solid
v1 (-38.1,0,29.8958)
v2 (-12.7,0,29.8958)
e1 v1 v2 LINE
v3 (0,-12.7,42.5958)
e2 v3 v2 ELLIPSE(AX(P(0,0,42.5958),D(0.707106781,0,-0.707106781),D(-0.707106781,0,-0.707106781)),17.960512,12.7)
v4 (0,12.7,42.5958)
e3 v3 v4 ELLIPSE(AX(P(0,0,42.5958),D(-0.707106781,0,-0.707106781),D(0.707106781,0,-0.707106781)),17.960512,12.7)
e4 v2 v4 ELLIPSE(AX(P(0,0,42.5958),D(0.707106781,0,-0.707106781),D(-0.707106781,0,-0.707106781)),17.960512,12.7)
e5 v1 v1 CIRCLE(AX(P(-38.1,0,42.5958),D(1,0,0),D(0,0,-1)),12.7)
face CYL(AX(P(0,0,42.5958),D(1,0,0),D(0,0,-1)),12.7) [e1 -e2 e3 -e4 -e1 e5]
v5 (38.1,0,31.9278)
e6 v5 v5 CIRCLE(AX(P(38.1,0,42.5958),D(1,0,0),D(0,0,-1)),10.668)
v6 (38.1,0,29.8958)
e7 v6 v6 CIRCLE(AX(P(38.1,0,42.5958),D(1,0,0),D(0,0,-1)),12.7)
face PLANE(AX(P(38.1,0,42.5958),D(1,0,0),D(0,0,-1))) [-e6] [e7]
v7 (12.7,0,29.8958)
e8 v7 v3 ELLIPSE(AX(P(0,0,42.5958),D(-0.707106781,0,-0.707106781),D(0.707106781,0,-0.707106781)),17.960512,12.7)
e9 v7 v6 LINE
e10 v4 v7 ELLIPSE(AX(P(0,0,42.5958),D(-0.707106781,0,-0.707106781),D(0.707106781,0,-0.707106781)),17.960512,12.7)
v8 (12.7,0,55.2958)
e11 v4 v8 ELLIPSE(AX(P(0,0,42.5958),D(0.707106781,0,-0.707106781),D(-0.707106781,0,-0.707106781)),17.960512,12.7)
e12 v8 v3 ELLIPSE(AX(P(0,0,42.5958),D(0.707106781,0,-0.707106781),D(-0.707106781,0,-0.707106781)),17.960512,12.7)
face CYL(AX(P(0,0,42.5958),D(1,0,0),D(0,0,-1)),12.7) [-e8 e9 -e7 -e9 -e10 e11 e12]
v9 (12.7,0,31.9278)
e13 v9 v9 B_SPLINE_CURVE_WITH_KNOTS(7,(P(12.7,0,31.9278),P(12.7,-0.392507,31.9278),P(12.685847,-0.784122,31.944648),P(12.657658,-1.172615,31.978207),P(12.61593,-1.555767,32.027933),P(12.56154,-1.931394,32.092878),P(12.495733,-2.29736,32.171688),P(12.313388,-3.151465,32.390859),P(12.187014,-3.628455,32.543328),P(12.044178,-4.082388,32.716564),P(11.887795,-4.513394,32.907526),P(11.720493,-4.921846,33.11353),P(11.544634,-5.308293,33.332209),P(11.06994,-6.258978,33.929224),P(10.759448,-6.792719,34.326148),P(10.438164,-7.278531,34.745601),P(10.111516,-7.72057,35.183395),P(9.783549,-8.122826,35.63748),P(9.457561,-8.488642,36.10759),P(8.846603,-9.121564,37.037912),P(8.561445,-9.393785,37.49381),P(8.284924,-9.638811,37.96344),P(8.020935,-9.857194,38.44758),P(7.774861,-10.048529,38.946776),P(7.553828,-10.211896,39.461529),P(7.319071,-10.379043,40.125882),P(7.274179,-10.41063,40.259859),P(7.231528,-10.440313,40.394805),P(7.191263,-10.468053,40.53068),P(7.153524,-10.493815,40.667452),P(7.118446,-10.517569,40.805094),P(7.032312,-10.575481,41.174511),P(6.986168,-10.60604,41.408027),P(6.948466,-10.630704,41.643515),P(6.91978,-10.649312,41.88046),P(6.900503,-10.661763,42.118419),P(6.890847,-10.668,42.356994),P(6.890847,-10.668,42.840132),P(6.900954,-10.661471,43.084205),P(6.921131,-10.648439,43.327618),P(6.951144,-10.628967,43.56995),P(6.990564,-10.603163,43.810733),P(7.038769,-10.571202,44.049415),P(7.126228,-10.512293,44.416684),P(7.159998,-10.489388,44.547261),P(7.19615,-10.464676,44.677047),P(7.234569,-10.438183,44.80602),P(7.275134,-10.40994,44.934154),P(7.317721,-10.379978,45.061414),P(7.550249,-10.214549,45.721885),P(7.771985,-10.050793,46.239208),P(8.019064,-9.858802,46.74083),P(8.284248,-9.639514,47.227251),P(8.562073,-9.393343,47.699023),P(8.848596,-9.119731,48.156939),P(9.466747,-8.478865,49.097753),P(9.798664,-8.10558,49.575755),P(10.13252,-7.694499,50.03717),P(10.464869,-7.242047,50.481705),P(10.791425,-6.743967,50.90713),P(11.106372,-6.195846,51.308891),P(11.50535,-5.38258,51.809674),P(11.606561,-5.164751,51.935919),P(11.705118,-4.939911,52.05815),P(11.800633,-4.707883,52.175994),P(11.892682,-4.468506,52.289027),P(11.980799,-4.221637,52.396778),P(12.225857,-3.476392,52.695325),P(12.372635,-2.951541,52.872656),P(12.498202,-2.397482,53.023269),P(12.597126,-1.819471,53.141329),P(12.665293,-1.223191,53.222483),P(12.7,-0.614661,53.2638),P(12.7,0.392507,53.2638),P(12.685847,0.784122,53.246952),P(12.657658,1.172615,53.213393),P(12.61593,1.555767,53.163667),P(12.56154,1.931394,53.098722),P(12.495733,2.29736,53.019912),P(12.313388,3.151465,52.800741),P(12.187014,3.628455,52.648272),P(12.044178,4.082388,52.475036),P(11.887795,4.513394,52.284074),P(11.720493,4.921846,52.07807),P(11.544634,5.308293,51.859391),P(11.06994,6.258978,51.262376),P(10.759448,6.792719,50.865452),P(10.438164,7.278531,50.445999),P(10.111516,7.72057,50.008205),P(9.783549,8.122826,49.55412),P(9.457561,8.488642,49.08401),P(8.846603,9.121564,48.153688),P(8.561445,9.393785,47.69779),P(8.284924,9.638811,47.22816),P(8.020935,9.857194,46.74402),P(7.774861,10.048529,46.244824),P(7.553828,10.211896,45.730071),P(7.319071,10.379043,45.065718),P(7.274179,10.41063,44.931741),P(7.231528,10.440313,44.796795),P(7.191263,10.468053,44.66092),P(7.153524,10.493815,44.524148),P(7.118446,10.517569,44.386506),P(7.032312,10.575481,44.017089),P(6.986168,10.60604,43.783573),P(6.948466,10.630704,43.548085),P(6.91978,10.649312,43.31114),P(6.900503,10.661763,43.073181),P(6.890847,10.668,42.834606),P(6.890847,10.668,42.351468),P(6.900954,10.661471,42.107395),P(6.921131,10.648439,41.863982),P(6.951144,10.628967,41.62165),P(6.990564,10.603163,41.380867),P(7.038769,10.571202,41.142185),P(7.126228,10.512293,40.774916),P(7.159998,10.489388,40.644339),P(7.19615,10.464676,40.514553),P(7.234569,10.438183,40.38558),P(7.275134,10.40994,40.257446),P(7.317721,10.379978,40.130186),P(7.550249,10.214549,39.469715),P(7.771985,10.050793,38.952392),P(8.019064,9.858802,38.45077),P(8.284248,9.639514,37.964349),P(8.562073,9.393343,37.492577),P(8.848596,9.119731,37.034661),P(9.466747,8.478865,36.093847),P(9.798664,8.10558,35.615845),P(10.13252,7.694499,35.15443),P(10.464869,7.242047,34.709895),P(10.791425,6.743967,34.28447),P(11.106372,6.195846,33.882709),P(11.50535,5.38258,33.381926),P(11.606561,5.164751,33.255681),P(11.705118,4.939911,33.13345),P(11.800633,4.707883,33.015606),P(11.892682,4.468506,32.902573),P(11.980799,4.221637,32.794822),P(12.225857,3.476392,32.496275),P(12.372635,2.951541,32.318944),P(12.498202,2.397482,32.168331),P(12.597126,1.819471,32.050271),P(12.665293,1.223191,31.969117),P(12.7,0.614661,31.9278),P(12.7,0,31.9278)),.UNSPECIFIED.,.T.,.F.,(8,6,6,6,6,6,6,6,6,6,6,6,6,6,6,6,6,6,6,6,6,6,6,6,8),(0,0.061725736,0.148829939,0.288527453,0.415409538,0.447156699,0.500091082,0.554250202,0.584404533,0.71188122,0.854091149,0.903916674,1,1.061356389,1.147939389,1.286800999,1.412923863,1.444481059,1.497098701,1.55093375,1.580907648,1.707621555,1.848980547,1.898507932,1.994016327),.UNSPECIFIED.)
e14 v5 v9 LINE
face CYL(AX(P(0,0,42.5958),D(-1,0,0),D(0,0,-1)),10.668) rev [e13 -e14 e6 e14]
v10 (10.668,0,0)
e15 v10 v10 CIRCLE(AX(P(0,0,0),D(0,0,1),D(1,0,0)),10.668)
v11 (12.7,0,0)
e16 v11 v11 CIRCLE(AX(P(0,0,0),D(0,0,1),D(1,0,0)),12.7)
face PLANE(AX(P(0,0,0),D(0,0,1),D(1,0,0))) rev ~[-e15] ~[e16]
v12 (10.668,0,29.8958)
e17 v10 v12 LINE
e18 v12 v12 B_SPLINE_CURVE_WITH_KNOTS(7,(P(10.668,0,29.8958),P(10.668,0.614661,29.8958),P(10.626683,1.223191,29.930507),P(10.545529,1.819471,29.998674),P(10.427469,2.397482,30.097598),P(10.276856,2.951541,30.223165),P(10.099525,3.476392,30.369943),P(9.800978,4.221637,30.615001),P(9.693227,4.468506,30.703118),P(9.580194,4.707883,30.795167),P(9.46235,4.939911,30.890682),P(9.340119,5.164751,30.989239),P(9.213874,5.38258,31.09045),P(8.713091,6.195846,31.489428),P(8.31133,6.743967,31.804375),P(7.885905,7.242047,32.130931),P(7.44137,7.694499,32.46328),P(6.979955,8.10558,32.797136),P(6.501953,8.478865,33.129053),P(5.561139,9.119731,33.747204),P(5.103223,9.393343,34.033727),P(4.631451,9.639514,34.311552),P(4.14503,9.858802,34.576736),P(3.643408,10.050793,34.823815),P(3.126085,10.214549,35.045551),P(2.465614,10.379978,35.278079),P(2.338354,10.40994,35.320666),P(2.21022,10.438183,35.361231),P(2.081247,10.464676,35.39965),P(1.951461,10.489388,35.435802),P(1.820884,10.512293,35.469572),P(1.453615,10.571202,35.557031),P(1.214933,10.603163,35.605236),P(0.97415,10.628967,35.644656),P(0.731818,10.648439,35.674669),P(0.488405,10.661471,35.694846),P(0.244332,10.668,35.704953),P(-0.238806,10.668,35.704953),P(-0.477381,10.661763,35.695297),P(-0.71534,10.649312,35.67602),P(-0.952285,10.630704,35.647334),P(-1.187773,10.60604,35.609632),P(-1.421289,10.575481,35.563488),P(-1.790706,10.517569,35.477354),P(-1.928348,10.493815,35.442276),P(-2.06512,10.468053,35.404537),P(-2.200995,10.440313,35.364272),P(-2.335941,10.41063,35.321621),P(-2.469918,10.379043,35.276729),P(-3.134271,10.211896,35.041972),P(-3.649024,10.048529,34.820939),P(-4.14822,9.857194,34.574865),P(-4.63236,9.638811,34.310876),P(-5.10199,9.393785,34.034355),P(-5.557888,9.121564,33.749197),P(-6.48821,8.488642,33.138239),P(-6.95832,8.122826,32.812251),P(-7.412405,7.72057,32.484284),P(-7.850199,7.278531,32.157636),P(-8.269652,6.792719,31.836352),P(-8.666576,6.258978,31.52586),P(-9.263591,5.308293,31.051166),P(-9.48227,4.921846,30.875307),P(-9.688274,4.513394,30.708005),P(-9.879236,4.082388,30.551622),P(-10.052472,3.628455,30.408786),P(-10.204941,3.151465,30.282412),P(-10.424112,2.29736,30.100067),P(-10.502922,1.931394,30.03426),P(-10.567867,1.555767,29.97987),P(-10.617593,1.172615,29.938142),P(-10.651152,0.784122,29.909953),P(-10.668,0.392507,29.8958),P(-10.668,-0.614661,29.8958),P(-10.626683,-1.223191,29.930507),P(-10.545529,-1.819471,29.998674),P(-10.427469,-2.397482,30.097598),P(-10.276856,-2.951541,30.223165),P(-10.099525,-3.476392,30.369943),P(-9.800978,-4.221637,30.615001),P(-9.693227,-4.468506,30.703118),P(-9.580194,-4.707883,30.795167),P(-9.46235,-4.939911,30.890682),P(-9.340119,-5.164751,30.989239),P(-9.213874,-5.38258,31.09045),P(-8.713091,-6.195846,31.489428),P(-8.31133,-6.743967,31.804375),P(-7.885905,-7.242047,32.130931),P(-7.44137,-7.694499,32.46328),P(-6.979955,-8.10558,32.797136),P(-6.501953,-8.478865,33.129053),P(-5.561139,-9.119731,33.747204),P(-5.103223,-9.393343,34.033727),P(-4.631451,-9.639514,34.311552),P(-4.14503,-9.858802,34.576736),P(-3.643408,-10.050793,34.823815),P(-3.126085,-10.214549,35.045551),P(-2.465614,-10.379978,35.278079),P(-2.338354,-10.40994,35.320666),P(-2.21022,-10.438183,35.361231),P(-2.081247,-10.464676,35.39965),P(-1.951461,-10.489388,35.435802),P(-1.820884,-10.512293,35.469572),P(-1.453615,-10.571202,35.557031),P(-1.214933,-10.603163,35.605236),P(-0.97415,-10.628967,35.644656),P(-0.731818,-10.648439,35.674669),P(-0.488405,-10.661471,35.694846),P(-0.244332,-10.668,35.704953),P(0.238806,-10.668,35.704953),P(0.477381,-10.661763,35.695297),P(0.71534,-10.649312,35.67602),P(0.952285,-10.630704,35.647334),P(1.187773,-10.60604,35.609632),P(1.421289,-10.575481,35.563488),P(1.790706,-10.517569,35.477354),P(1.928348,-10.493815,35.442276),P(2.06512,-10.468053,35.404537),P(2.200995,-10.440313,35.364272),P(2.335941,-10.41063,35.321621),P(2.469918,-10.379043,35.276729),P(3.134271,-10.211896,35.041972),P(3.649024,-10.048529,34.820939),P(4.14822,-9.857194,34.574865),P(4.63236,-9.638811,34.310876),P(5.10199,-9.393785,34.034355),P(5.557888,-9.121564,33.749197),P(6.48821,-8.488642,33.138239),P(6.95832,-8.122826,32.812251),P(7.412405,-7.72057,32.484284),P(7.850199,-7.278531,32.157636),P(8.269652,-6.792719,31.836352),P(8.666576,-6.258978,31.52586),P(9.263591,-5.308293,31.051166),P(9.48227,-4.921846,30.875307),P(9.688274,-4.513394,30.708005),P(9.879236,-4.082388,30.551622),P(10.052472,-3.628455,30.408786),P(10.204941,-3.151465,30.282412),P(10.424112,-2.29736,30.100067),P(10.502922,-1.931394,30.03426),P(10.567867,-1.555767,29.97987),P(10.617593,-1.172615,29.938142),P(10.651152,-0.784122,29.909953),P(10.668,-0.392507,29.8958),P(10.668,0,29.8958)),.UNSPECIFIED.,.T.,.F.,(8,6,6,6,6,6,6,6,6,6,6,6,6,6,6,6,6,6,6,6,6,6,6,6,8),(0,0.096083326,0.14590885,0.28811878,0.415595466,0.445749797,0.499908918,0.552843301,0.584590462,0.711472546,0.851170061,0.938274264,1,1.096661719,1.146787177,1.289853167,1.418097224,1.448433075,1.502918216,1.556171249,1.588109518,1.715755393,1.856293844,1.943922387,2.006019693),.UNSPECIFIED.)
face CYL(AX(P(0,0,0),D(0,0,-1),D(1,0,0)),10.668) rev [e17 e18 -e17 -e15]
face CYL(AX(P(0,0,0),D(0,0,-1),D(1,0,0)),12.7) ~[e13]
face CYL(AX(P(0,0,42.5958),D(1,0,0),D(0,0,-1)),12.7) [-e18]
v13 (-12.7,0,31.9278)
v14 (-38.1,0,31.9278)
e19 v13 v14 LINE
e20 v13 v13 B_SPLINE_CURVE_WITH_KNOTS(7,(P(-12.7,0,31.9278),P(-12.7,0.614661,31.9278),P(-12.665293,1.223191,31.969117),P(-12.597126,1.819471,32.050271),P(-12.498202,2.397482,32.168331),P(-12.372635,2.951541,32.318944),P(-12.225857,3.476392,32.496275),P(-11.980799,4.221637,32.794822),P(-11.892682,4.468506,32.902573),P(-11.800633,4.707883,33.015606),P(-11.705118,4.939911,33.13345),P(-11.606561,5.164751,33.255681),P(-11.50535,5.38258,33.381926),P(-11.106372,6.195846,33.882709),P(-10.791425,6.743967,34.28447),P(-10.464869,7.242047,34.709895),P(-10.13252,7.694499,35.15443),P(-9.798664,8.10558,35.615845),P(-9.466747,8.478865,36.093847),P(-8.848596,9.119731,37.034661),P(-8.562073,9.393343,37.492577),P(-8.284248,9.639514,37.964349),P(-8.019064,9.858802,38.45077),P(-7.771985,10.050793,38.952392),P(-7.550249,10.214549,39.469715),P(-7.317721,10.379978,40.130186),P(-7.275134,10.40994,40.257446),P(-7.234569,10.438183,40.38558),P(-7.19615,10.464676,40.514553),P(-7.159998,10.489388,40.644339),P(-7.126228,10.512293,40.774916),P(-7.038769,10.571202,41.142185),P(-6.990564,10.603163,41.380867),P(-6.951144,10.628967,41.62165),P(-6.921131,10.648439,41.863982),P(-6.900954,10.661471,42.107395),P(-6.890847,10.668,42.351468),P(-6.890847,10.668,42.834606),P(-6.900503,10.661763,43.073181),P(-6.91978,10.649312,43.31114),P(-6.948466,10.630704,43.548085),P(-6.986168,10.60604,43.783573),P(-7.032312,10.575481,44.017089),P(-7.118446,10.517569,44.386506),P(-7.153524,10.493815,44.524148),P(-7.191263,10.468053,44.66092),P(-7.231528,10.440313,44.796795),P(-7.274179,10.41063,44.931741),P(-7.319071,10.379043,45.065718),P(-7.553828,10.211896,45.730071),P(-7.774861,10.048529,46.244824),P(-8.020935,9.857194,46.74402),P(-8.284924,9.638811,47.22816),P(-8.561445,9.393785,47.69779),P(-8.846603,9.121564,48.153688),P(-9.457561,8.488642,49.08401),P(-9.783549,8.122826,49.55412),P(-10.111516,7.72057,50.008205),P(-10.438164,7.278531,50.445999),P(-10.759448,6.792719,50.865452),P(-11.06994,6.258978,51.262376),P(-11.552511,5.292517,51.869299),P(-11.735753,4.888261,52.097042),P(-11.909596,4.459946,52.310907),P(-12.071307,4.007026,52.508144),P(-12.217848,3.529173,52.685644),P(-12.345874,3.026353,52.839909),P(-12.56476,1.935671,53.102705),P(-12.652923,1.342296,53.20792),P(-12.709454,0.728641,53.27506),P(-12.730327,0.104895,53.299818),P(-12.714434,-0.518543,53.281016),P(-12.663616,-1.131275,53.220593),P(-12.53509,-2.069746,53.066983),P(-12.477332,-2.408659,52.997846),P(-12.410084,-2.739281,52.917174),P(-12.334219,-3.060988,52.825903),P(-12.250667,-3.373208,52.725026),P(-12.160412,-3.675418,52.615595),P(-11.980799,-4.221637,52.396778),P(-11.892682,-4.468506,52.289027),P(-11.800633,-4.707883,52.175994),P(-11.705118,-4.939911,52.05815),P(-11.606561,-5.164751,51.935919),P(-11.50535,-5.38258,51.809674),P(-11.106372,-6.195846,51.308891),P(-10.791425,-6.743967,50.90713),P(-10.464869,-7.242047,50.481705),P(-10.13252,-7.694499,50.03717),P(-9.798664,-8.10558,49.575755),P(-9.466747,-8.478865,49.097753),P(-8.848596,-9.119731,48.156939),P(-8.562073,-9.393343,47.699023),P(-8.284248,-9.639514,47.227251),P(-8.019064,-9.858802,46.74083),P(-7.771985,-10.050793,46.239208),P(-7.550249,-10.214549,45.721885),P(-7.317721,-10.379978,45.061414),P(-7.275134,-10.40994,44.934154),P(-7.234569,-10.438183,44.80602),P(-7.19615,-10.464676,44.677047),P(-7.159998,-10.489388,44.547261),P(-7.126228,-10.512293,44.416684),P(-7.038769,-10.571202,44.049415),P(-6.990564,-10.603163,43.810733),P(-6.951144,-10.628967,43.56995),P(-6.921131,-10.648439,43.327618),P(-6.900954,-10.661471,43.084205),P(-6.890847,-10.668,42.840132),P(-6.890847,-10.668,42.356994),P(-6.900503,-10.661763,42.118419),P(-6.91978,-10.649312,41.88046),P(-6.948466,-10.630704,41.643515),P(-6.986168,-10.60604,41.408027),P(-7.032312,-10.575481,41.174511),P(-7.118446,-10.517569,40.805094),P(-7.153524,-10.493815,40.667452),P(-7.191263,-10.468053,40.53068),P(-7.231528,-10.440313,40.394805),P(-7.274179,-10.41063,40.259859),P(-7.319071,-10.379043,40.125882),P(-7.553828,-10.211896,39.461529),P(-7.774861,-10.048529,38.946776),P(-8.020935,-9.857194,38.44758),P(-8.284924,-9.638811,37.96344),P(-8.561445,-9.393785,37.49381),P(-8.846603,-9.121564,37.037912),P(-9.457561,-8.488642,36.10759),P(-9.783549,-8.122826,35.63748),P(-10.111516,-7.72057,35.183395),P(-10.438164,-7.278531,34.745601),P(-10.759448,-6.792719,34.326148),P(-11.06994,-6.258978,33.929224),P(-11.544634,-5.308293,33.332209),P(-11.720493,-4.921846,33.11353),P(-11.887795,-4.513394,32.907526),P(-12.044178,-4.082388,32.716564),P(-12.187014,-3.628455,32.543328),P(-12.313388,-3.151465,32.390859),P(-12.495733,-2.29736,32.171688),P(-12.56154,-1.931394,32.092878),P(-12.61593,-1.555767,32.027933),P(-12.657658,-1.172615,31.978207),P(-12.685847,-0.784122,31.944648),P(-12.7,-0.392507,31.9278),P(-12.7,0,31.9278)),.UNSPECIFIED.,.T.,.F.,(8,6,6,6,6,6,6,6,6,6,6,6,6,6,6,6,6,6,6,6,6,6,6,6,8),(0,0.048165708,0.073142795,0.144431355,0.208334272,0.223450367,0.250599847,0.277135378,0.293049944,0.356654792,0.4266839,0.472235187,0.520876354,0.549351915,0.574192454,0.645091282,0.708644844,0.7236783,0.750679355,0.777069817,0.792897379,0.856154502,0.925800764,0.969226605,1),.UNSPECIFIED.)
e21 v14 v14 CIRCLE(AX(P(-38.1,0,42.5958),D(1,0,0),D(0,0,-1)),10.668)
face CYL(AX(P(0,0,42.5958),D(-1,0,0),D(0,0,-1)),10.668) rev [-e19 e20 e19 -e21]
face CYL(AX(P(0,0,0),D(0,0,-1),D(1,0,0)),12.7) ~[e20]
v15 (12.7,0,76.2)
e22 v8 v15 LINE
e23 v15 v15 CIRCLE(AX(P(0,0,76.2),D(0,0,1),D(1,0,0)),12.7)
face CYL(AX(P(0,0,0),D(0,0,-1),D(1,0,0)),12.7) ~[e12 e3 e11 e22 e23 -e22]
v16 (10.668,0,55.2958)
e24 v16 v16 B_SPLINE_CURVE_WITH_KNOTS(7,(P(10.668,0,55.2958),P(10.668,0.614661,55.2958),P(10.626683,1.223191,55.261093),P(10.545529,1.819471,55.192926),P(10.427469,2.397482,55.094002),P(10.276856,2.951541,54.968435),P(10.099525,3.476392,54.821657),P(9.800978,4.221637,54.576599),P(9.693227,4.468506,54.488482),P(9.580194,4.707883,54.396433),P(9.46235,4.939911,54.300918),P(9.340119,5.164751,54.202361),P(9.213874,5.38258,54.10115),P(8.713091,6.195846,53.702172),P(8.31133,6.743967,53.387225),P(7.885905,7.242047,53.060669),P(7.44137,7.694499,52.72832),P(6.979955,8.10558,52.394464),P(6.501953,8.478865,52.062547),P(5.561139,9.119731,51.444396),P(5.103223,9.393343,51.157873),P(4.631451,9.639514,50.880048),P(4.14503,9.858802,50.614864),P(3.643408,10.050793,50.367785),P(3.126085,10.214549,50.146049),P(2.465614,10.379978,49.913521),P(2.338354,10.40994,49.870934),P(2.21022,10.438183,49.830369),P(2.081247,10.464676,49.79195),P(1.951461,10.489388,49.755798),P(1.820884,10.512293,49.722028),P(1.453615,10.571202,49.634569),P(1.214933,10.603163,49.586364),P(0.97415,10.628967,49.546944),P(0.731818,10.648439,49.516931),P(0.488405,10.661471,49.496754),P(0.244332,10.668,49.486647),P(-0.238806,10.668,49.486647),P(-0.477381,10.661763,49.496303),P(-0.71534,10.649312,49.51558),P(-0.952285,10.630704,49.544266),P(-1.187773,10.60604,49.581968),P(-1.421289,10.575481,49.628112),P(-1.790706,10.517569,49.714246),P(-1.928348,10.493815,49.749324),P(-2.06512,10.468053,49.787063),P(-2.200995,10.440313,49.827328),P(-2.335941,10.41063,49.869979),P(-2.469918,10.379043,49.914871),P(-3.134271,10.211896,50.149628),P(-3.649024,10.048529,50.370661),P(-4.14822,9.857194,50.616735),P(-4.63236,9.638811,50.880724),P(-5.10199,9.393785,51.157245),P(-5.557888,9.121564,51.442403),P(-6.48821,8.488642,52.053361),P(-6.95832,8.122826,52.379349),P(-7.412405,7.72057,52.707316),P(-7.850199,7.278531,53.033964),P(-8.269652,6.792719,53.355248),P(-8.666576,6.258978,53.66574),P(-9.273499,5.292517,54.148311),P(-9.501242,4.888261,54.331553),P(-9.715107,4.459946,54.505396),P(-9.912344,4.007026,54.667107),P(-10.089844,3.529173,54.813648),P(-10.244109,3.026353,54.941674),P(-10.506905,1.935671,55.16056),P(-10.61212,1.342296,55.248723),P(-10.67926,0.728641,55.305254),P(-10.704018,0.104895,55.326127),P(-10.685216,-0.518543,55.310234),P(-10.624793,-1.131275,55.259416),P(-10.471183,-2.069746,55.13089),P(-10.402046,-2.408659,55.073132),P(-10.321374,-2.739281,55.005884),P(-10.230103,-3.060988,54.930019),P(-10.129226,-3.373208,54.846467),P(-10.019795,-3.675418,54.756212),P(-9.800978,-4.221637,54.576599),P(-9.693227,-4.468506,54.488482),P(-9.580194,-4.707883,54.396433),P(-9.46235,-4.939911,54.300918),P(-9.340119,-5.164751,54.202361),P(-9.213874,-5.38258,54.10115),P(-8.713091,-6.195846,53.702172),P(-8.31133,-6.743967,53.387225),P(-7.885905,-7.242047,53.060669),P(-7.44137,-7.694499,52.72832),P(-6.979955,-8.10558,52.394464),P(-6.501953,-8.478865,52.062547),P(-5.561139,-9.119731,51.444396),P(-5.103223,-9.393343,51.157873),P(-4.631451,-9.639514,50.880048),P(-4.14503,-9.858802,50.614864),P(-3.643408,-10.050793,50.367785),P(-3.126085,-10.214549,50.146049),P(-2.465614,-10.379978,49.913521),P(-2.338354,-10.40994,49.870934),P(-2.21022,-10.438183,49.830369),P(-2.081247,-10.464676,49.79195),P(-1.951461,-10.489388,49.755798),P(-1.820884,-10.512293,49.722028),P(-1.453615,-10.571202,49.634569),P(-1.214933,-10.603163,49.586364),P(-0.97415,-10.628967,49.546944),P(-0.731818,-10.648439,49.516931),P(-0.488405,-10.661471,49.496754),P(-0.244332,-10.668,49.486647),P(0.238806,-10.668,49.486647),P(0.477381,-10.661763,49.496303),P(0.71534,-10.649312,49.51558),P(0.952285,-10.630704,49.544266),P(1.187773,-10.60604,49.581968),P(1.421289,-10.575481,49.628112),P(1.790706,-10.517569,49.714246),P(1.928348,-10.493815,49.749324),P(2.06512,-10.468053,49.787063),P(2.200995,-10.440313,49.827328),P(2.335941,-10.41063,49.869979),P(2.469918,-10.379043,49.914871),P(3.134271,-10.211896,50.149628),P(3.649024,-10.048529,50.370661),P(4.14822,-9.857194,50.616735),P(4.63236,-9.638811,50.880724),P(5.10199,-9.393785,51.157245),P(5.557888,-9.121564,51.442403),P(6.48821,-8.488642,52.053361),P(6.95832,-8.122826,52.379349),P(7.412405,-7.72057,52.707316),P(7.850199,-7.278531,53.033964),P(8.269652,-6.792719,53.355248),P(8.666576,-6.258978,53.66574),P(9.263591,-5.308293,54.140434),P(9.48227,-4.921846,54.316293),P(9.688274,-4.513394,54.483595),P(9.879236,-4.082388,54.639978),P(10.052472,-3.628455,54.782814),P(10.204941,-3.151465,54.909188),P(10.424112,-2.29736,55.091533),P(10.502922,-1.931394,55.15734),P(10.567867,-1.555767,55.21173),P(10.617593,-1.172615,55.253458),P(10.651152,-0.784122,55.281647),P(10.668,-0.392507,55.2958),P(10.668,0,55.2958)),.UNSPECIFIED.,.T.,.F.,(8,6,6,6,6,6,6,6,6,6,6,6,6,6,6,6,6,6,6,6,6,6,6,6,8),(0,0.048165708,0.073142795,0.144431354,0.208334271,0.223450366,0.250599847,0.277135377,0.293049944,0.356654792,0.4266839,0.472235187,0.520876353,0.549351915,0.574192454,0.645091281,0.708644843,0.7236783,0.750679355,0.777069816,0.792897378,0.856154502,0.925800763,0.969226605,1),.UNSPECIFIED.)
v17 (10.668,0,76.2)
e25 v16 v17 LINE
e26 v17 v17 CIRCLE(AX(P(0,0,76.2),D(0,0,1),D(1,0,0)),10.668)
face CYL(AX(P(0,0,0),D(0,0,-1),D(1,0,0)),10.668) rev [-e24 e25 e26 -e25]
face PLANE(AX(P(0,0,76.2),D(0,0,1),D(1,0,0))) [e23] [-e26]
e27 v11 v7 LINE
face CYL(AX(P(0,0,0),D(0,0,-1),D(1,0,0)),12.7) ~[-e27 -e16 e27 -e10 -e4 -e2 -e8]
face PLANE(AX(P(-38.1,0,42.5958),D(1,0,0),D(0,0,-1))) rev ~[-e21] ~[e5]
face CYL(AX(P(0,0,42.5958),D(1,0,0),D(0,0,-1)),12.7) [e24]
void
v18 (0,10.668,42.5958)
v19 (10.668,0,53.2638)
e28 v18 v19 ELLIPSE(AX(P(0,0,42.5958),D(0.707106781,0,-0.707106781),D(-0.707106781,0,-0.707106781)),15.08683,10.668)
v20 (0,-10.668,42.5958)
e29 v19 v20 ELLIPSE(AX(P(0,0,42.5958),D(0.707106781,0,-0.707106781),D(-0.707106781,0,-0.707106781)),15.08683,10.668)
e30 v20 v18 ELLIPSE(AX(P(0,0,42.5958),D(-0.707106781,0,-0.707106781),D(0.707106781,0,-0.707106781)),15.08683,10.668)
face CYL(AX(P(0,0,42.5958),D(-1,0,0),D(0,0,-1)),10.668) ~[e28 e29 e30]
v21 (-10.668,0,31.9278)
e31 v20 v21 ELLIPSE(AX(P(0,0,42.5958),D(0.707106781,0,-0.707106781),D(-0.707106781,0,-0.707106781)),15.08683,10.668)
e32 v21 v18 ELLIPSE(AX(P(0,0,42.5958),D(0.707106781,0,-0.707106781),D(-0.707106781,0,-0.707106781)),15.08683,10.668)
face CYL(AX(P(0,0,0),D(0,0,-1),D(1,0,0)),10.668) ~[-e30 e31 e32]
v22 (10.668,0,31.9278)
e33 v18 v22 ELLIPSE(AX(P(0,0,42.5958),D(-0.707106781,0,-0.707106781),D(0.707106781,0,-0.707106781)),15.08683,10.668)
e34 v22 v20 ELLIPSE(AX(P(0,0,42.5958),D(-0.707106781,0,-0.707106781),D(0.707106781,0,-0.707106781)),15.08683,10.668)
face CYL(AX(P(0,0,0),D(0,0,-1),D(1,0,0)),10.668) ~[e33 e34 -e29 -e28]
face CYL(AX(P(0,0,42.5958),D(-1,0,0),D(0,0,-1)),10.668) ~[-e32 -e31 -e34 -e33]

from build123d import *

# Parameters (mm, degrees)
SKETCH1_R           = 12.7
SKETCH1_R_2         = 10.668
BOSS_EXTRUDE1_DEPTH = 76.2
SKETCH2_R           = 12.7
SKETCH2_R_2         = 10.668
BOSS_EXTRUDE2_DEPTH = 38.1


with BuildPart() as part:
    # Sketch1 → Boss-Extrude1 (new body)
    with BuildSketch(Plane.XY):
        Circle(SKETCH1_R)
        Circle(SKETCH1_R_2, mode=Mode.SUBTRACT)
    extrude(amount=BOSS_EXTRUDE1_DEPTH)

    # Sketch2 → Boss-Extrude2 (add, symmetric)
    with BuildSketch(Plane(origin=(0, 0, 0), x_dir=(0, 0, -1), z_dir=(1, 0, 0))):
        with Locations((-42.5958, 0)):
            Circle(SKETCH2_R)
        with Locations((-42.5958, 0)):
            Circle(SKETCH2_R_2, mode=Mode.SUBTRACT)
    extrude(amount=BOSS_EXTRUDE2_DEPTH, both=True)


solid = part.part
